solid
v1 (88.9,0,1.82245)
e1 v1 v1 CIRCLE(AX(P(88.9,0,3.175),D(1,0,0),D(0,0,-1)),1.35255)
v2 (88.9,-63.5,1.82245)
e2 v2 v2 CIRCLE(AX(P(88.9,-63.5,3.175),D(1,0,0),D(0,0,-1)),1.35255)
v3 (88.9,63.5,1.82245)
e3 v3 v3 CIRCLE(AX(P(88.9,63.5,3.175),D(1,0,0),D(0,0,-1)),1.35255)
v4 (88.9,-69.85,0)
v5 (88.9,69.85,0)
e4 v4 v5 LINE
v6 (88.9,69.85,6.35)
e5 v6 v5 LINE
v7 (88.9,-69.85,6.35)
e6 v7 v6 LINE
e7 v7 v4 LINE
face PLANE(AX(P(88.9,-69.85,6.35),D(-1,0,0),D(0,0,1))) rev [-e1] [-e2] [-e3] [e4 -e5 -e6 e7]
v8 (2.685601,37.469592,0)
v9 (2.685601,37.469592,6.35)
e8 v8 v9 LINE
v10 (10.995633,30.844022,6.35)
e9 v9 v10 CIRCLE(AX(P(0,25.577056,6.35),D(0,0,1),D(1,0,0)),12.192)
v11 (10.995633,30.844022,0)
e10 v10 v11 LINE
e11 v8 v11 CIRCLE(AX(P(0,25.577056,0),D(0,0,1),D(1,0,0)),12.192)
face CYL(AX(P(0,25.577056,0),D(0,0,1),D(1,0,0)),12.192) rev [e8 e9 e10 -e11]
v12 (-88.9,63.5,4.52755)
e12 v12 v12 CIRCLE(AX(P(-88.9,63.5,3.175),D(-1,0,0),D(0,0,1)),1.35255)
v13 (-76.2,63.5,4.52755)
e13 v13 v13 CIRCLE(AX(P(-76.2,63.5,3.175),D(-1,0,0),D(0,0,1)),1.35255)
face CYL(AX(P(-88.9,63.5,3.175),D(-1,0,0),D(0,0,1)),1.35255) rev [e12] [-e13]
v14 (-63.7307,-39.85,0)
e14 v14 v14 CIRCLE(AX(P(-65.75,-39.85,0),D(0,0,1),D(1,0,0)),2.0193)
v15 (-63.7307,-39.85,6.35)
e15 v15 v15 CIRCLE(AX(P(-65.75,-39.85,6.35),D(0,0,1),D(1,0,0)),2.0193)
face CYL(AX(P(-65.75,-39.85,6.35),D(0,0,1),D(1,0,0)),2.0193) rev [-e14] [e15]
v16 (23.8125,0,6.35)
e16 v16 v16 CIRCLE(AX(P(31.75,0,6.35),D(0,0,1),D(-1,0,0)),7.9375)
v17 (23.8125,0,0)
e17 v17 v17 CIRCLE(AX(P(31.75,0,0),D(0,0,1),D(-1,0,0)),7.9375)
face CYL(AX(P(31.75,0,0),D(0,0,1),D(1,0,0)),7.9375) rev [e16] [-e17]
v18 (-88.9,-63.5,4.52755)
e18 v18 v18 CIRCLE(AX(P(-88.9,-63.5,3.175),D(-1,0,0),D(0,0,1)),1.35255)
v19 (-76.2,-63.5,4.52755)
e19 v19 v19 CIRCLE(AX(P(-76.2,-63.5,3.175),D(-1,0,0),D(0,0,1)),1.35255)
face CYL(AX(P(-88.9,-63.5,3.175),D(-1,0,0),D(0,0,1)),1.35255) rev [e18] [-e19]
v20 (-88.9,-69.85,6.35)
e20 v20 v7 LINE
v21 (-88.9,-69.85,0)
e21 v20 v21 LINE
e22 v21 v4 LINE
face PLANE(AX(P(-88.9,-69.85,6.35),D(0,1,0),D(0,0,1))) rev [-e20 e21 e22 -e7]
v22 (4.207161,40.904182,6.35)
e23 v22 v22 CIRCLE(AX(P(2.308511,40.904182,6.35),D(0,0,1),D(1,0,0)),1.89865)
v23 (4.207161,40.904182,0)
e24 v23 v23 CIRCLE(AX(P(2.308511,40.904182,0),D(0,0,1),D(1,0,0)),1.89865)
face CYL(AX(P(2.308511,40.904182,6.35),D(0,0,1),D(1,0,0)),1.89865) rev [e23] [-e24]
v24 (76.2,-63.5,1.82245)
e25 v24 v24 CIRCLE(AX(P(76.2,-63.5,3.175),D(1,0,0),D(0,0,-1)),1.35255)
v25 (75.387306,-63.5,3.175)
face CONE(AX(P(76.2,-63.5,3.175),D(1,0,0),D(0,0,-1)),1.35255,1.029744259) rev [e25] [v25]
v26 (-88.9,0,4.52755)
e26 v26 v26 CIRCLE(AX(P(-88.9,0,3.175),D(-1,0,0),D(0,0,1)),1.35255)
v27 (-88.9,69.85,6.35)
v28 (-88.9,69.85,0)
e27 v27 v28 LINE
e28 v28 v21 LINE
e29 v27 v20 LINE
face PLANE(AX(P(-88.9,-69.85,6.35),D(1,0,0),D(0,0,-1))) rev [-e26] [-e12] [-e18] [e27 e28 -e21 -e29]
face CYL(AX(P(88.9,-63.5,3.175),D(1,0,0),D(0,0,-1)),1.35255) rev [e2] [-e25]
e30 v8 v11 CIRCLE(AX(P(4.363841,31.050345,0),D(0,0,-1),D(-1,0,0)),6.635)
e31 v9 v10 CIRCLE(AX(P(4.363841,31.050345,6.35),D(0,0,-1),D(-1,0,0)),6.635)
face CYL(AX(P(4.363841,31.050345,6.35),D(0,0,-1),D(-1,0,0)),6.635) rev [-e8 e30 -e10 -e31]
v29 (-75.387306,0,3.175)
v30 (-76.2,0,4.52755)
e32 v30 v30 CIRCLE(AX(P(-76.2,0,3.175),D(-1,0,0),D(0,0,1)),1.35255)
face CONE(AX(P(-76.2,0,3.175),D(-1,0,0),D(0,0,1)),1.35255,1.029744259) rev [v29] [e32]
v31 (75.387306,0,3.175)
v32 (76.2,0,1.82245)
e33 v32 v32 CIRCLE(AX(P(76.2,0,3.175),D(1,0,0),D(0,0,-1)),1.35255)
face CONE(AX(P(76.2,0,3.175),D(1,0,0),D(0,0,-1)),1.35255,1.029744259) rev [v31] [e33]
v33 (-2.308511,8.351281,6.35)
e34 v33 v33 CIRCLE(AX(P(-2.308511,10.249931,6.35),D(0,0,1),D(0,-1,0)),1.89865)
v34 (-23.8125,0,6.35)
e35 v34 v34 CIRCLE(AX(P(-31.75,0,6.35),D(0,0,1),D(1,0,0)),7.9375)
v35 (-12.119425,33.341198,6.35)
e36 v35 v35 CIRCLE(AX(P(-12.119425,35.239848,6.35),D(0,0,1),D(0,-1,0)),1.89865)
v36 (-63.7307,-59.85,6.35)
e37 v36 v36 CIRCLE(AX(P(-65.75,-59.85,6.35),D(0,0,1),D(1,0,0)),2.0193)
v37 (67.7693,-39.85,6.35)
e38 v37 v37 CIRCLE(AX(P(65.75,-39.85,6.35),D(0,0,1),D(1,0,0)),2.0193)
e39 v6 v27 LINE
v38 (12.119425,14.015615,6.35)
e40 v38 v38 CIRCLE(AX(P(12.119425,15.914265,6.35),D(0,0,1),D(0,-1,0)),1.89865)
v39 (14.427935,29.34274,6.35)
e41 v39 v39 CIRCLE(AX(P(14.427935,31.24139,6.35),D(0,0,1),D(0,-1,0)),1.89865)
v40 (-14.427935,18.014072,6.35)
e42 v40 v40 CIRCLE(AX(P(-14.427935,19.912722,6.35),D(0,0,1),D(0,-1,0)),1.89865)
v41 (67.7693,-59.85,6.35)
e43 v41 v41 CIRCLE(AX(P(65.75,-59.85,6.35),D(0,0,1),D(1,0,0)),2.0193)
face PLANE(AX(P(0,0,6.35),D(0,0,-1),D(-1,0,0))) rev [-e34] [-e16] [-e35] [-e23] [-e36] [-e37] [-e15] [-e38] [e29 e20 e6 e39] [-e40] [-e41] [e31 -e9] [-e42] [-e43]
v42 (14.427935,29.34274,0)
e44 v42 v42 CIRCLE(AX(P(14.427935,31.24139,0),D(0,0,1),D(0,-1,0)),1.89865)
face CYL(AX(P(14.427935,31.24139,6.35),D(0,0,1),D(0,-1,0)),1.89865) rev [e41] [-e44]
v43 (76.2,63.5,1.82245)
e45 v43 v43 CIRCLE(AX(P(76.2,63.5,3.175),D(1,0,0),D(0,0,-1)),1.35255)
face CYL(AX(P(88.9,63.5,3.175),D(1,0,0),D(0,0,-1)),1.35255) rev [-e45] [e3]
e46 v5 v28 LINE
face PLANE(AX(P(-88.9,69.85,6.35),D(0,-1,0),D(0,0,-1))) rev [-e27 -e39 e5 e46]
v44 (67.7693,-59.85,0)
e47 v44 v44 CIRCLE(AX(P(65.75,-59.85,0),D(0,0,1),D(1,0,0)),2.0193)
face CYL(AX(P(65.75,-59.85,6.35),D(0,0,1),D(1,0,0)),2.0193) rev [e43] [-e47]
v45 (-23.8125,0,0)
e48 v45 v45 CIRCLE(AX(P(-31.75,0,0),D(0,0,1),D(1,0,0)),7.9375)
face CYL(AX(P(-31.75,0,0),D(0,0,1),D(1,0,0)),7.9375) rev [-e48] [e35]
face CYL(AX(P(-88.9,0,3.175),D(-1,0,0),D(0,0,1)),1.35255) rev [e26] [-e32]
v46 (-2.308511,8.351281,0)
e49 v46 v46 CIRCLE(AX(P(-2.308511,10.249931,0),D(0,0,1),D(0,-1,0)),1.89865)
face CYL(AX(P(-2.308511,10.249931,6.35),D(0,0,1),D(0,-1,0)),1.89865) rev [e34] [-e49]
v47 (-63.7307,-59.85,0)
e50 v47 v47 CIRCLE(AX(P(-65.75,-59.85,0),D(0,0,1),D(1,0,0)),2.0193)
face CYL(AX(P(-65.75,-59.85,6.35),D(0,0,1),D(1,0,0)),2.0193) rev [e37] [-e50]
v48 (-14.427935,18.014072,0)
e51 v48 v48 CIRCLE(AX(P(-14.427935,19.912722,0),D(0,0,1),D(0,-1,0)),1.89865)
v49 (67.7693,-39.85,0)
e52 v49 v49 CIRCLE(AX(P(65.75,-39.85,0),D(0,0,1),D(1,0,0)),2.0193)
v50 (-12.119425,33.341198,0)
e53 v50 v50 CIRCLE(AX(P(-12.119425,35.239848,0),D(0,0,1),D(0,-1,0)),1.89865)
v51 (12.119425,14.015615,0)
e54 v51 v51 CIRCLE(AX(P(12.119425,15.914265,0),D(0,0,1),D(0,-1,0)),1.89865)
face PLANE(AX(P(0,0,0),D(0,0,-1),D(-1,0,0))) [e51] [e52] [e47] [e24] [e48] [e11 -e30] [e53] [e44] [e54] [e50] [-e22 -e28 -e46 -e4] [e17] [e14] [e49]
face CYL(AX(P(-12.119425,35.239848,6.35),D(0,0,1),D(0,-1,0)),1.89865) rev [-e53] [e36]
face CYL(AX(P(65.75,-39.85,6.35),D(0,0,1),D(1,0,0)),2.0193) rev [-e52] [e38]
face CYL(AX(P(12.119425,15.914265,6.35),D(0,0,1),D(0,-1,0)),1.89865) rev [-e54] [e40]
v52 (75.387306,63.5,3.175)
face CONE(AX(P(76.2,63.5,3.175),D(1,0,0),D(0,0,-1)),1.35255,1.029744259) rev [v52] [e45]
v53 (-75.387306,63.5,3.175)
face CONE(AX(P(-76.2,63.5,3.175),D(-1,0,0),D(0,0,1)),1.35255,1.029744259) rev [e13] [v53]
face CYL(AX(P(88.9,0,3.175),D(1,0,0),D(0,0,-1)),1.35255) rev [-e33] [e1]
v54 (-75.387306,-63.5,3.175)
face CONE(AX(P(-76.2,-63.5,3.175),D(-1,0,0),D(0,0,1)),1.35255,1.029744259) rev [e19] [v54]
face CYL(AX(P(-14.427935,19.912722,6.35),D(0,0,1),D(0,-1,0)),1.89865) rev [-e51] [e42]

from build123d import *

# Parameters (mm, degrees)
SKETCH1_W                          = 177.8
SKETCH1_H                          = 139.7
BOSS_EXTRUDE1_DEPTH                = 6.35
SKETCH2_R                          = 7.9375
CUT_EXTRUDE1_DEPTH                 = 7.35
TAP_DRILL_FOR_6_32_TAP1_AT_2_COUNT = 2
TAP_DRILL_FOR_6_32_TAP1_AT_2_PITCH = 63.5
TAP_DRILL_FOR_6_32_TAP1_AT_3_COUNT = 2
TAP_DRILL_FOR_6_32_TAP1_AT_3_PITCH = 127
TAP_DRILL_FOR_10_32_TAP1_D         = 4.0386
SKETCH20_R                         = 12.192
CUT_EXTRUDE4_DEPTH                 = 7.35
F_6_CLEARANCE_HOLE1_D              = 3.7973
CIRPATTERN1_COUNT                  = 6
CUT_EXTRUDE5_DEPTH                 = 7.35


with BuildPart() as part:
    # Sketch1 → Boss-Extrude1 (new body)
    with BuildSketch(Plane.XY):
        Rectangle(SKETCH1_W, SKETCH1_H)
    extrude(amount=BOSS_EXTRUDE1_DEPTH)

    # Sketch2 → Cut-Extrude1 (cut, through all)
    with BuildSketch(Plane.XY.offset(6.35)):
        with Locations((-31.75, 0)):
            Circle(SKETCH2_R)
        with Locations((31.75, 0)):
            Circle(SKETCH2_R)
    extrude(amount=-CUT_EXTRUDE1_DEPTH, mode=Mode.SUBTRACT)

    # Sketch17 → Tap Drill for #6-32 Tap1 (revolve, cut)
    with BuildSketch(Plane(origin=(88.9, 63.5, 3.175), x_dir=(0, 0, -1), z_dir=(0, 1, 0))):
        Polygon((0, 0), (0, 13.51269403), (1.35255, 12.7), (1.35255, 0), align=None)
    tap_drill_for_6_32_tap1 = revolve(axis=Axis((95.25, 63.5, 3.175), (-1, 0, 0)), mode=Mode.SUBTRACT)

    # Tap Drill for #6-32 Tap1 at 2: Tap Drill for #6-32 Tap1 ×2
    with Locations(*[(0, -i * TAP_DRILL_FOR_6_32_TAP1_AT_2_PITCH, 0) for i in range(1, TAP_DRILL_FOR_6_32_TAP1_AT_2_COUNT)]):
        add(tap_drill_for_6_32_tap1, mode=Mode.SUBTRACT)

    # Tap Drill for #6-32 Tap1 at 3: Tap Drill for #6-32 Tap1 ×2
    with Locations(*[(0, -i * TAP_DRILL_FOR_6_32_TAP1_AT_3_PITCH, 0) for i in range(1, TAP_DRILL_FOR_6_32_TAP1_AT_3_COUNT)]):
        add(tap_drill_for_6_32_tap1, mode=Mode.SUBTRACT)

    # Mirror2: Tap Drill for #6-32 Tap1 across plane
    add(tap_drill_for_6_32_tap1.mirror(Plane(origin=(0, 0, 0), x_dir=(0, 0, 1), z_dir=(1, 0, 0))), mode=Mode.SUBTRACT)

    # Mirror2 copy 1 sketch → Mirror2 copy 1 (revolve, cut)
    with BuildSketch(Plane(origin=(-88.9, 0, 3.175), x_dir=(0, 0, -1), z_dir=(0, 1, 0))):
        Polygon((0, 0), (0, -13.51269403), (1.35255, -12.7), (1.35255, 0), align=None)
    revolve(axis=Axis((-95.25, 0, 3.175), (-1, 0, 0)), mode=Mode.SUBTRACT)

    # Mirror2 copy 2 sketch → Mirror2 copy 2 (revolve, cut)
    with BuildSketch(Plane(origin=(-88.9, -63.5, 3.175), x_dir=(0, 0, -1), z_dir=(0, 1, 0))):
        Polygon((0, 0), (0, -13.51269403), (1.35255, -12.7), (1.35255, 0), align=None)
    revolve(axis=Axis((-95.25, -63.5, 3.175), (-1, 0, 0)), mode=Mode.SUBTRACT)

    # Tap Drill for #10-32 Tap1 (through all)
    with Locations(Plane.XY.offset(6.35)):
        with Locations((-65.750000072, -59.85), (-65.750000072, -39.85)):
            tap_drill_for_10_32_tap1 = Hole(TAP_DRILL_FOR_10_32_TAP1_D / 2)

    # Mirror3: Tap Drill for #10-32 Tap1 across plane
    add(tap_drill_for_10_32_tap1.mirror(Plane(origin=(0, 0, 0), x_dir=(0, 0, 1), z_dir=(1, 0, 0))), mode=Mode.SUBTRACT)

    # Sketch20 → Cut-Extrude4 (cut, through all)
    with BuildSketch(Plane.XY.offset(6.35)):
        with Locations((0, 25.577056324)):
            Circle(SKETCH20_R)
    extrude(amount=-CUT_EXTRUDE4_DEPTH, mode=Mode.SUBTRACT)

    # #6 Clearance Hole1 (through all)
    with Locations(Plane.XY.offset(6.35)):
        with Locations((2.308510654, 40.904181905)):
            f_6_clearance_hole1 = Hole(F_6_CLEARANCE_HOLE1_D / 2)

    # CirPattern1: #6 Clearance Hole1 ×6 about axis
    cirpattern1_axis = Axis((0, 25.577056324, 0), (0, 0, 1))
    for i in range(1, CIRPATTERN1_COUNT):
        add(f_6_clearance_hole1.rotate(cirpattern1_axis, i * 360 / CIRPATTERN1_COUNT), mode=Mode.SUBTRACT)

    # Sketch23 → Cut-Extrude5 (cut, through all)
    with BuildSketch(Plane(origin=(0, 0, 0), x_dir=(-1, 0, 0), z_dir=(0, 0, -1))):
        with BuildLine():
            ThreePointArc((0.824054314, 35.186643177), (-8.500139633, 36.23824065), (-9.551737105, 26.914046703))
            ThreePointArc((-9.551737105, 26.914046703), (-0.227543158, 25.862449231), (0.824054314, 35.186643177))
        make_face()
    extrude(amount=-CUT_EXTRUDE5_DEPTH, mode=Mode.SUBTRACT)


solid = part.part
